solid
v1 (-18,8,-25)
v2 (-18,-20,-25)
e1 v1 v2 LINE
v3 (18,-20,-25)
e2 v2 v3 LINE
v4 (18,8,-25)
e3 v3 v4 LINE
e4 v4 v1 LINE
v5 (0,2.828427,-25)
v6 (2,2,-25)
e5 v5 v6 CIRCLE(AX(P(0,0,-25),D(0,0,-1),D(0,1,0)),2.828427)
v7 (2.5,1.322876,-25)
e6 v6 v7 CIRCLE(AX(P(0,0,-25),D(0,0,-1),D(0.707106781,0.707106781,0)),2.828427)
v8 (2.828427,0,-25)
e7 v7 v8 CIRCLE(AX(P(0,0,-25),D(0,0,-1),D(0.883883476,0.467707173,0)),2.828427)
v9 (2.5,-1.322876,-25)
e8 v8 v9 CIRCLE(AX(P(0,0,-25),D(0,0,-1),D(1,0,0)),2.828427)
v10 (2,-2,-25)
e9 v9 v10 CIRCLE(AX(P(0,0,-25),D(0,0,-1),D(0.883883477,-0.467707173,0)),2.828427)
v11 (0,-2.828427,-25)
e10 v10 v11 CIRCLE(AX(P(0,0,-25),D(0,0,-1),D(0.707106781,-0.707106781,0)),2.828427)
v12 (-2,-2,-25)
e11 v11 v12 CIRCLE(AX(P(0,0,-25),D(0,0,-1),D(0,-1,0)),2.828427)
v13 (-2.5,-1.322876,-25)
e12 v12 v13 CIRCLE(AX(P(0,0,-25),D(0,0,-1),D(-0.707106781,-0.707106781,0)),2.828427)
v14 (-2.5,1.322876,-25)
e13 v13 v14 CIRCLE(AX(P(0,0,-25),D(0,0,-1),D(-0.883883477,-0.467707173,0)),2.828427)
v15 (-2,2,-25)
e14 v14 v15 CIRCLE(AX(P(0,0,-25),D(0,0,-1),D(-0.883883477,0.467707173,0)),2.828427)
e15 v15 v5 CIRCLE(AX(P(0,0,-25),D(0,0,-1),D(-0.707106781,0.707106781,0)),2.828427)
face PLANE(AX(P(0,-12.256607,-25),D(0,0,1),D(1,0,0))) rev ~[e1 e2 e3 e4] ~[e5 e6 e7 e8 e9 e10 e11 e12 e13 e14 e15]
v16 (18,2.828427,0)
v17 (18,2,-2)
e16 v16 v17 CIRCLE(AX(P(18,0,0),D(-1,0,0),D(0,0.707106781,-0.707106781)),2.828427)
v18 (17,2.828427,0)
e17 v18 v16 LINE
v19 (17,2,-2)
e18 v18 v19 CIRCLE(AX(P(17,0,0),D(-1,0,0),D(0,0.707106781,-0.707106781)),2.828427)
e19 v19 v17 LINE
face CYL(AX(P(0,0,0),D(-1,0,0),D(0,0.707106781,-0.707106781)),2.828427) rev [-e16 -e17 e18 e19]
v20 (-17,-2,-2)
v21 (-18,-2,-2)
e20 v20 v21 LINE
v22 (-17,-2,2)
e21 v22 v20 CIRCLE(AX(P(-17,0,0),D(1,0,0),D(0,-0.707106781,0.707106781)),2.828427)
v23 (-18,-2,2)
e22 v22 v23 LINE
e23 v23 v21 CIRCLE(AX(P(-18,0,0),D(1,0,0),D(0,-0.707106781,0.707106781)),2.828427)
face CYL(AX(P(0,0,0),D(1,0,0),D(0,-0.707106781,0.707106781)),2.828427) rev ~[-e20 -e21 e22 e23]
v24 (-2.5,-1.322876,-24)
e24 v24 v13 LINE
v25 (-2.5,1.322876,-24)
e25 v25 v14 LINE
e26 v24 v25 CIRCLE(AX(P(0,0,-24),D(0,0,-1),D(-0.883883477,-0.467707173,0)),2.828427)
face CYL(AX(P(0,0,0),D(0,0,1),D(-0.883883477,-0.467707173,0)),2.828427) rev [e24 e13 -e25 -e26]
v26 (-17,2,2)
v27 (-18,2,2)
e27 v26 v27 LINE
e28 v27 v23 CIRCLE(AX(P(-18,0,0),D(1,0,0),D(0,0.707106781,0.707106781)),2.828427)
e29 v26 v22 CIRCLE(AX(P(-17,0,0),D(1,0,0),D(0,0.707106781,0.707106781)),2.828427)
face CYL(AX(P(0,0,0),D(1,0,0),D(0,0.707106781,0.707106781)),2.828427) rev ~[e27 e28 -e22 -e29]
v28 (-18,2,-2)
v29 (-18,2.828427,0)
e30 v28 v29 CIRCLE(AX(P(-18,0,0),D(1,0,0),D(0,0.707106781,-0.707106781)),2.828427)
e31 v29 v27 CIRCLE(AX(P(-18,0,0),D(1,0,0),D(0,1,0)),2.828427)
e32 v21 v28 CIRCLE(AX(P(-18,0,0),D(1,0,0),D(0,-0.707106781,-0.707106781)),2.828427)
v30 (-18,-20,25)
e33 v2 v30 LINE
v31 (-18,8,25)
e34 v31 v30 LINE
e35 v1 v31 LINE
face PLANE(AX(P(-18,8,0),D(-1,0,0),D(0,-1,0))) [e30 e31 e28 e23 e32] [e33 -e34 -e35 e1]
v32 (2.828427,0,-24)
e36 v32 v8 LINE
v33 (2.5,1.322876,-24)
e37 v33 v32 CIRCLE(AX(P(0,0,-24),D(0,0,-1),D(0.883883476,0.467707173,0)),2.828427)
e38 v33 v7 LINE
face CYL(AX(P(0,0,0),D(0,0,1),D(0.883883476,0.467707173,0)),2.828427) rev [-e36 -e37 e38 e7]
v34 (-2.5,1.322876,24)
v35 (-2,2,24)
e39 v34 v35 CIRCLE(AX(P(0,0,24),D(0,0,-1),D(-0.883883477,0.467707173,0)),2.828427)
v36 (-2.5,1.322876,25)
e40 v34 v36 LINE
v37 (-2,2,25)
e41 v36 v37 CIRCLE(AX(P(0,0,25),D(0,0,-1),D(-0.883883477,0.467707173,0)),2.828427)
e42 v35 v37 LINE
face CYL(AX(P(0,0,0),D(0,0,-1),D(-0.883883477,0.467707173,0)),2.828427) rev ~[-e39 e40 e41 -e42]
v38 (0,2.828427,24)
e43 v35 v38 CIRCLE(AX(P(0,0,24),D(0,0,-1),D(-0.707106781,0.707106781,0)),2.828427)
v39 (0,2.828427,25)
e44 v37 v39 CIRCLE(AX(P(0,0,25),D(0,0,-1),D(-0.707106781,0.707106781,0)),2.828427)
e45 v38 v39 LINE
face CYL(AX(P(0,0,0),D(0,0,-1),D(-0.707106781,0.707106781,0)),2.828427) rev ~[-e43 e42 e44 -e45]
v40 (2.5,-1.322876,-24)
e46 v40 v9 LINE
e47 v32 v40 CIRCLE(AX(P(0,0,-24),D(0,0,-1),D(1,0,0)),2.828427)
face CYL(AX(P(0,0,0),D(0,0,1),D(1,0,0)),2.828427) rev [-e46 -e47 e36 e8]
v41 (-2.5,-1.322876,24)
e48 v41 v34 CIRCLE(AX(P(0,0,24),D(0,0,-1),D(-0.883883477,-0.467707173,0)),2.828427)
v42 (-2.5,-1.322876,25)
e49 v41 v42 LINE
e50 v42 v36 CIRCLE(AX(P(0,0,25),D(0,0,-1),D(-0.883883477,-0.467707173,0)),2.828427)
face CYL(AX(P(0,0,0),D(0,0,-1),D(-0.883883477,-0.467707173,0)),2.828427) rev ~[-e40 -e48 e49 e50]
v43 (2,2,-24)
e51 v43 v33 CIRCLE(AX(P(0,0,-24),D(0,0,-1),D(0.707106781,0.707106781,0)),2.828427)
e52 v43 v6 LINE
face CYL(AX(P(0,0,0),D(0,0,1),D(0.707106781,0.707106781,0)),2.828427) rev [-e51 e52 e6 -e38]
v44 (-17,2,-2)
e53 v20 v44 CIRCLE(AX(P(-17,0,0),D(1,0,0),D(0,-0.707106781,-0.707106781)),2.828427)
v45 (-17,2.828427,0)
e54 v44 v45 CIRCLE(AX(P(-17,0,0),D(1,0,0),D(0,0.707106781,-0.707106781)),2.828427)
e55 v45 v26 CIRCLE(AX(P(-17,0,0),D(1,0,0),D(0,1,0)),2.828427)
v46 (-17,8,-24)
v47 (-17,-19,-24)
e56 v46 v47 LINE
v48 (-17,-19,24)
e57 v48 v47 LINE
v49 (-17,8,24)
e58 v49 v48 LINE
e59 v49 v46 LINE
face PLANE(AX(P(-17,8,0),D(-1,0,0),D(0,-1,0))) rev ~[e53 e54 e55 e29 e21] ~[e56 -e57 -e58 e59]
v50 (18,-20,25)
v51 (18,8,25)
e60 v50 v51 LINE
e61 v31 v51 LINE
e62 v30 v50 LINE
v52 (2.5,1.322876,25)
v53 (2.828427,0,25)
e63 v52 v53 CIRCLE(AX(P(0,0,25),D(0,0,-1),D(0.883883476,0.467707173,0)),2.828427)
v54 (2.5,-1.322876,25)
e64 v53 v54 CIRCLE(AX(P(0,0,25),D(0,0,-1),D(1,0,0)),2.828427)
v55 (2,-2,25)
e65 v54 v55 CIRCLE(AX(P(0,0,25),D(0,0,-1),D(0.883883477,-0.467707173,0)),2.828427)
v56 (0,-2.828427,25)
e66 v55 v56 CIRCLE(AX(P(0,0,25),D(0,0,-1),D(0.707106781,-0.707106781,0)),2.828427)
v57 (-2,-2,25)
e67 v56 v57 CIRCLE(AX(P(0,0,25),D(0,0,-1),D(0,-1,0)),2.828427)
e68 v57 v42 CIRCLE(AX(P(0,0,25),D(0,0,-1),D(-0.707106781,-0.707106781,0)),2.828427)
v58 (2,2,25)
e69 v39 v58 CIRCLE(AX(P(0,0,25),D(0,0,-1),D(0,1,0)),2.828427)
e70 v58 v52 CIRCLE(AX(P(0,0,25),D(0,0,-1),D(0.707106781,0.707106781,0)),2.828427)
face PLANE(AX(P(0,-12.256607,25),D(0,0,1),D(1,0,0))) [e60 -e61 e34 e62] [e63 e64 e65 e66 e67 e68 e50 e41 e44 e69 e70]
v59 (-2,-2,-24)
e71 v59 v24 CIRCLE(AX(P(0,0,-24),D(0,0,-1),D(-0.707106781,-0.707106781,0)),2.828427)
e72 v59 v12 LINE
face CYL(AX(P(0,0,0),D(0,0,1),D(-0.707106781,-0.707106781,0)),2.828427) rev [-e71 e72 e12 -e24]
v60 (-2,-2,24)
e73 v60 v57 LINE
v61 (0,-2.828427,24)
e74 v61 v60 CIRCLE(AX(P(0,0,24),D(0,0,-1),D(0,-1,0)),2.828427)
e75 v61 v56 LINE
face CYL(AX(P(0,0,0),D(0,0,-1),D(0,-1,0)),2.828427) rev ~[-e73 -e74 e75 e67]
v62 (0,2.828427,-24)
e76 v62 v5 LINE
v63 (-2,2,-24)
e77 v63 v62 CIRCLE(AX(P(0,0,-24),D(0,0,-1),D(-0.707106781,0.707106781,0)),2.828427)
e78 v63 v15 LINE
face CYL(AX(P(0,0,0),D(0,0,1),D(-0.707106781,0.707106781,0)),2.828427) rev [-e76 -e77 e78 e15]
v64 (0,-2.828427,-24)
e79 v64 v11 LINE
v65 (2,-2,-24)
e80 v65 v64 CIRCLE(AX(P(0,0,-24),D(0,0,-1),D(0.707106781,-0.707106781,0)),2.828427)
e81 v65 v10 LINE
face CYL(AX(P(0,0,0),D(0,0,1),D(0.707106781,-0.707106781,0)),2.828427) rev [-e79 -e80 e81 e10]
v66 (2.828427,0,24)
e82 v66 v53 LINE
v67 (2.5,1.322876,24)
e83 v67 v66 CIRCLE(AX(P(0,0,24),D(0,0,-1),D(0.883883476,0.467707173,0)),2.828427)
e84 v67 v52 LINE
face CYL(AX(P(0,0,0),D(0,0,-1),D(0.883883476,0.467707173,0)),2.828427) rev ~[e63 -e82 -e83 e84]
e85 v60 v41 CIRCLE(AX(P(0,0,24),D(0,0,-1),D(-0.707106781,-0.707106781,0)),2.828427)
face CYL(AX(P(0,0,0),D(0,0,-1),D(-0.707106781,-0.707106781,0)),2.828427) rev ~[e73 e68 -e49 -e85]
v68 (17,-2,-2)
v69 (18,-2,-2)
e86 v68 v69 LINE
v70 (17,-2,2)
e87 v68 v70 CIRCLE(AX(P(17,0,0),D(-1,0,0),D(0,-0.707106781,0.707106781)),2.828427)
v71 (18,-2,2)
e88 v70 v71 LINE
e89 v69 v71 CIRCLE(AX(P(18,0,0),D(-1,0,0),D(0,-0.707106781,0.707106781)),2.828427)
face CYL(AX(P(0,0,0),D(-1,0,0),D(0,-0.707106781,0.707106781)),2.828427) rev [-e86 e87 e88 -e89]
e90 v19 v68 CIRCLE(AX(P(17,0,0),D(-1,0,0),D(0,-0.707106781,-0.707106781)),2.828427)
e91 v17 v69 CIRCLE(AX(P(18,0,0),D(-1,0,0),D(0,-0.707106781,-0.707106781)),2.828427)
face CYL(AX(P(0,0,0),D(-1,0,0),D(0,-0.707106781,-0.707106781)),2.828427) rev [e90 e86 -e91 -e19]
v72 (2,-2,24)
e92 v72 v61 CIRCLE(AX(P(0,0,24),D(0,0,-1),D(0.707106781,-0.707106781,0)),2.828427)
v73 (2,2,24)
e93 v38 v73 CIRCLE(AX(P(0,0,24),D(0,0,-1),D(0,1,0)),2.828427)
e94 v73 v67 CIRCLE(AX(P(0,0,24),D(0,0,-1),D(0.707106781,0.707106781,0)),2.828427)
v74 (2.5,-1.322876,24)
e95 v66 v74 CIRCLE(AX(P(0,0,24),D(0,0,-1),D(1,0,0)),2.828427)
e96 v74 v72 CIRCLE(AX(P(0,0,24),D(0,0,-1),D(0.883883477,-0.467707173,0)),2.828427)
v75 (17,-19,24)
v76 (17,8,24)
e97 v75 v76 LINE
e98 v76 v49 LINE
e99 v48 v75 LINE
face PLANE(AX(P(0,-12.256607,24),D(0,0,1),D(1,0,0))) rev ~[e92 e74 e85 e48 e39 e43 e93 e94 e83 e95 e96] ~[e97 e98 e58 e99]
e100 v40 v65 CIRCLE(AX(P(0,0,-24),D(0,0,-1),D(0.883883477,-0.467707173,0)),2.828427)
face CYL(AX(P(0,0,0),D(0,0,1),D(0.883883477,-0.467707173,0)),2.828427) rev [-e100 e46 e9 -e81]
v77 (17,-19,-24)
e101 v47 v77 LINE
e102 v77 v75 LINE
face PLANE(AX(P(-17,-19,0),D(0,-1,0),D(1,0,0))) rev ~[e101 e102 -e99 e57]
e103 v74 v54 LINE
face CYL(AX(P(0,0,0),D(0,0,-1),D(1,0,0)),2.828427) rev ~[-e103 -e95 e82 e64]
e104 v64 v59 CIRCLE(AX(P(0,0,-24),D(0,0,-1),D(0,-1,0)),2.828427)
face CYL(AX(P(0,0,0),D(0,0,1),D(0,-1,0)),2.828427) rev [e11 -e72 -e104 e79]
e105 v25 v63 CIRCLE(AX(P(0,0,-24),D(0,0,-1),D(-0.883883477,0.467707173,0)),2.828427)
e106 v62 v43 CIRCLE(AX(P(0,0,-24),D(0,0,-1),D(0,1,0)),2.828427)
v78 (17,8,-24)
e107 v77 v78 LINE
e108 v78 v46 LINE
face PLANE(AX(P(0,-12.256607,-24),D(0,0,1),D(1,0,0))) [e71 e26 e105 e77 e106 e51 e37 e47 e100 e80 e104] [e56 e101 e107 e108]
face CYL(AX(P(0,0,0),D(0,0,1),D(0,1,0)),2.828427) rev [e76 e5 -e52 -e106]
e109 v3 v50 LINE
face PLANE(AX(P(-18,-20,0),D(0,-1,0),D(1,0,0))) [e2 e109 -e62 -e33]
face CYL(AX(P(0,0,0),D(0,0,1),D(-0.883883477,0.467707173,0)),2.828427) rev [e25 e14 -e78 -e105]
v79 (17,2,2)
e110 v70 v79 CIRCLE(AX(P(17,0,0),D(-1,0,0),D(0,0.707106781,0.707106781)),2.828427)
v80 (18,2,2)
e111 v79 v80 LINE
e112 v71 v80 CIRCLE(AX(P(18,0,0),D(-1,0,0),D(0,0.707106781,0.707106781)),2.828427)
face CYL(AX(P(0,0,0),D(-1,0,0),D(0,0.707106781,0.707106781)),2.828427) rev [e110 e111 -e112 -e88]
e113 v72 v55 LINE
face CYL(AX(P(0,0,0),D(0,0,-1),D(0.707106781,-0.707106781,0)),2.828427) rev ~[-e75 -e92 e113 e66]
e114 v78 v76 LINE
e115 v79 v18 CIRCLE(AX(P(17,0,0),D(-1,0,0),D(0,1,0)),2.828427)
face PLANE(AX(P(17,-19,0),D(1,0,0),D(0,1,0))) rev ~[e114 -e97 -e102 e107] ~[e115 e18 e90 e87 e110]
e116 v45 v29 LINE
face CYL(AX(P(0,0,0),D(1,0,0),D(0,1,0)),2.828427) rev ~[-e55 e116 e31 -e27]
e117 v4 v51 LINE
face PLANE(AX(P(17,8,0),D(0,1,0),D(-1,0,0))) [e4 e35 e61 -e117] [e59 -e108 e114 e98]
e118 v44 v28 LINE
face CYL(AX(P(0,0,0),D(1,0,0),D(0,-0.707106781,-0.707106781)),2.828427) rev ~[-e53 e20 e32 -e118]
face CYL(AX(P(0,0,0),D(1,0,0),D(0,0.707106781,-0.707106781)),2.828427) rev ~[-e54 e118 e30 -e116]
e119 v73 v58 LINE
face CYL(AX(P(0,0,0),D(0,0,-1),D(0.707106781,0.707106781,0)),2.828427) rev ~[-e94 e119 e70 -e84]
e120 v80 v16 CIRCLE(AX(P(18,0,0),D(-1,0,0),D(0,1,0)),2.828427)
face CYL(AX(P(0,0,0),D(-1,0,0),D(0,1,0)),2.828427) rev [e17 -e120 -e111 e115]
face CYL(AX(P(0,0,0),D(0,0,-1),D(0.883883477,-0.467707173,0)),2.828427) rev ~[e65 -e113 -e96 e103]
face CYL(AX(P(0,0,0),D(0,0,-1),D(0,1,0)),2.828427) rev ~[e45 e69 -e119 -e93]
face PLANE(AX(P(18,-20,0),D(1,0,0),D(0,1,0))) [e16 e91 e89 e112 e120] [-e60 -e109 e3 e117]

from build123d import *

# Parameters (mm, degrees)
F2_DEPTH      = 25
F2_DEPTH_BACK = 25
F3_DEPTH      = 25
F3_DEPTH_BACK = 25
F4_DEPTH      = 24
F4_DEPTH_BACK = 24
F1_W          = 4
F1_H          = 4
F5_DEPTH      = 25
F5_DEPTH_BACK = 25


with BuildPart() as f2:
    # F0 (on Top) → F2 (new body, two sides)
    with BuildSketch(Plane.XY) as f2_sk:
        Polygon((-17, 0), (-17, 8), (-18, 8), (-18, -20), (18, -20), (18, 8), (17, 8), (17, 0), (17, -19), (-17, -19), align=None)
    extrude(amount=F2_DEPTH)
    extrude(f2_sk.sketch, amount=-F2_DEPTH_BACK)

    # F0 (on Top) → F3 (join, two sides)
    with BuildSketch(Plane.XY) as f3_sk:
        with BuildLine():
            ThreePointArc((17, 0), (0, -17), (-17, 0))
            Line((-17, 0), (-17, -19))
            Line((-17, -19), (17, -19))
            Line((17, -19), (17, 0))
        make_face()
        with BuildLine():
            ThreePointArc((15, 0), (10.6066017178, -10.6066017178), (0, -15))
            ThreePointArc((0, -15), (-13.1339255366, -7.2456883731), (-12.6885775404, 8))
            Line((-12.6885775404, 8), (-15, 8))
            ThreePointArc((-15, 8), (-16.4924225025, 4.1231056256), (-17, 0))
            ThreePointArc((-17, 0), (0, -17), (17, 0))
            ThreePointArc((17, 0), (16.4924225025, 4.1231056256), (15, 8))
            Line((15, 8), (12.6885775404, 8))
            ThreePointArc((12.6885775404, 8), (14.4105631935, 4.1636124275), (15, 0))
        make_face()
        with BuildLine():
            ThreePointArc((-12.6885775404, 8), (-13.1339255366, -7.2456883731), (0, -15))
            Line((0, -15), (0, -7.5))
            Line((0, -7.5), (-2.5, -7.5))
            Line((-2.5, -7.5), (-2.5, -1.3228756555))
            ThreePointArc((-2.5, -1.3228756555), (-2.8284271247, 0), (-2.5, 1.3228756555))
            Line((-2.5, 1.3228756555), (-2.5, 7.5))
            Line((-2.5, 7.5), (0, 7.5))
            Line((0, 7.5), (0, 8))
            Line((0, 8), (-12.6885775404, 8))
        make_face()
        with BuildLine():
            Line((0, -7.5), (0, -15))
            ThreePointArc((0, -15), (10.6066017178, -10.6066017178), (15, 0))
            ThreePointArc((15, 0), (14.4105631935, 4.1636124275), (12.6885775404, 8))
            Line((12.6885775404, 8), (0, 8))
            Line((0, 8), (0, 7.5))
            Line((0, 7.5), (2.5, 7.5))
            Line((2.5, 7.5), (2.5, 1.3228756555))
            ThreePointArc((2.5, 1.3228756555), (2.7450926953, 0.6815174936), (2.8284271247, 0))
            ThreePointArc((2.8284271247, 0), (2.7450926953, -0.6815174936), (2.5, -1.3228756555))
            Line((2.5, -1.3228756555), (2.5, -7.5))
            Line((2.5, -7.5), (0, -7.5))
        make_face()
        with BuildLine():
            ThreePointArc((-17, 0), (-16.4924225025, 4.1231056256), (-15, 8))
            Line((-15, 8), (-17, 8))
            Line((-17, 8), (-17, 0))
        make_face()
        with BuildLine():
            Line((17, 8), (15, 8))
            ThreePointArc((15, 8), (16.4924225025, 4.1231056256), (17, 0))
            Line((17, 0), (17, 8))
        make_face()
        with BuildLine():
            Line((0, 2.8284271247), (0, 7.5))
            Line((0, 7.5), (-2.5, 7.5))
            Line((-2.5, 7.5), (-2.5, 1.3228756555))
            ThreePointArc((-2.5, 1.3228756555), (-2.2753295024, 1.6801415582), (-2, 2))
            ThreePointArc((-2, 2), (-1.0823922003, 2.6131259298), (0, 2.8284271247))
        make_face()
        with BuildLine():
            Line((2.5, 7.5), (0, 7.5))
            Line((0, 7.5), (0, 2.8284271247))
            ThreePointArc((0, 2.8284271247), (1.0823922003, 2.6131259298), (2, 2))
            ThreePointArc((2, 2), (2.2753295024, 1.6801415582), (2.5, 1.3228756555))
            Line((2.5, 1.3228756555), (2.5, 7.5))
        make_face()
        with BuildLine():
            Line((0, -2.8284271247), (0, -7.5))
            Line((0, -7.5), (2.5, -7.5))
            Line((2.5, -7.5), (2.5, -1.3228756555))
            ThreePointArc((2.5, -1.3228756555), (2.2753295024, -1.6801415582), (2, -2))
            ThreePointArc((2, -2), (1.0823922003, -2.6131259298), (0, -2.8284271247))
        make_face()
        with BuildLine():
            Line((-2.5, -7.5), (0, -7.5))
            Line((0, -7.5), (0, -2.8284271247))
            ThreePointArc((0, -2.8284271247), (-1.0823922003, -2.6131259298), (-2, -2))
            ThreePointArc((-2, -2), (-2.2753295024, -1.6801415582), (-2.5, -1.3228756555))
            Line((-2.5, -1.3228756555), (-2.5, -7.5))
        make_face()
    extrude(amount=F3_DEPTH)
    extrude(f3_sk.sketch, amount=-F3_DEPTH_BACK)

    # F0 (on Top) → F4 (cut, two sides)
    with BuildSketch(Plane.XY) as f4_sk:
        with BuildLine():
            ThreePointArc((17, 0), (0, -17), (-17, 0))
            Line((-17, 0), (-17, -19))
            Line((-17, -19), (17, -19))
            Line((17, -19), (17, 0))
        make_face()
        with BuildLine():
            Line((0, -7.5), (0, -15))
            ThreePointArc((0, -15), (10.6066017178, -10.6066017178), (15, 0))
            ThreePointArc((15, 0), (14.4105631935, 4.1636124275), (12.6885775404, 8))
            Line((12.6885775404, 8), (0, 8))
            Line((0, 8), (0, 7.5))
            Line((0, 7.5), (2.5, 7.5))
            Line((2.5, 7.5), (2.5, 1.3228756555))
            ThreePointArc((2.5, 1.3228756555), (2.7450926953, 0.6815174936), (2.8284271247, 0))
            ThreePointArc((2.8284271247, 0), (2.7450926953, -0.6815174936), (2.5, -1.3228756555))
            Line((2.5, -1.3228756555), (2.5, -7.5))
            Line((2.5, -7.5), (0, -7.5))
        make_face()
        with BuildLine():
            ThreePointArc((15, 0), (10.6066017178, -10.6066017178), (0, -15))
            ThreePointArc((0, -15), (-13.1339255366, -7.2456883731), (-12.6885775404, 8))
            Line((-12.6885775404, 8), (-15, 8))
            ThreePointArc((-15, 8), (-16.4924225025, 4.1231056256), (-17, 0))
            ThreePointArc((-17, 0), (0, -17), (17, 0))
            ThreePointArc((17, 0), (16.4924225025, 4.1231056256), (15, 8))
            Line((15, 8), (12.6885775404, 8))
            ThreePointArc((12.6885775404, 8), (14.4105631935, 4.1636124275), (15, 0))
        make_face()
        with BuildLine():
            ThreePointArc((-12.6885775404, 8), (-13.1339255366, -7.2456883731), (0, -15))
            Line((0, -15), (0, -7.5))
            Line((0, -7.5), (-2.5, -7.5))
            Line((-2.5, -7.5), (-2.5, -1.3228756555))
            ThreePointArc((-2.5, -1.3228756555), (-2.8284271247, 0), (-2.5, 1.3228756555))
            Line((-2.5, 1.3228756555), (-2.5, 7.5))
            Line((-2.5, 7.5), (0, 7.5))
            Line((0, 7.5), (0, 8))
            Line((0, 8), (-12.6885775404, 8))
        make_face()
        with BuildLine():
            ThreePointArc((-17, 0), (-16.4924225025, 4.1231056256), (-15, 8))
            Line((-15, 8), (-17, 8))
            Line((-17, 8), (-17, 0))
        make_face()
        with BuildLine():
            Line((17, 8), (15, 8))
            ThreePointArc((15, 8), (16.4924225025, 4.1231056256), (17, 0))
            Line((17, 0), (17, 8))
        make_face()
        with BuildLine():
            Line((-2.5, -7.5), (0, -7.5))
            Line((0, -7.5), (0, -2.8284271247))
            ThreePointArc((0, -2.8284271247), (-1.0823922003, -2.6131259298), (-2, -2))
            ThreePointArc((-2, -2), (-2.2753295024, -1.6801415582), (-2.5, -1.3228756555))
            Line((-2.5, -1.3228756555), (-2.5, -7.5))
        make_face()
        with BuildLine():
            Line((0, -2.8284271247), (0, -7.5))
            Line((0, -7.5), (2.5, -7.5))
            Line((2.5, -7.5), (2.5, -1.3228756555))
            ThreePointArc((2.5, -1.3228756555), (2.2753295024, -1.6801415582), (2, -2))
            ThreePointArc((2, -2), (1.0823922003, -2.6131259298), (0, -2.8284271247))
        make_face()
        with BuildLine():
            Line((0, 2.8284271247), (0, 7.5))
            Line((0, 7.5), (-2.5, 7.5))
            Line((-2.5, 7.5), (-2.5, 1.3228756555))
            ThreePointArc((-2.5, 1.3228756555), (-2.2753295024, 1.6801415582), (-2, 2))
            ThreePointArc((-2, 2), (-1.0823922003, 2.6131259298), (0, 2.8284271247))
        make_face()
        with BuildLine():
            Line((2.5, 7.5), (0, 7.5))
            Line((0, 7.5), (0, 2.8284271247))
            ThreePointArc((0, 2.8284271247), (1.0823922003, 2.6131259298), (2, 2))
            ThreePointArc((2, 2), (2.2753295024, 1.6801415582), (2.5, 1.3228756555))
            Line((2.5, 1.3228756555), (2.5, 7.5))
        make_face()
    extrude(amount=F4_DEPTH, mode=Mode.SUBTRACT)
    extrude(f4_sk.sketch, amount=-F4_DEPTH_BACK, mode=Mode.SUBTRACT)

    # F1 (on Right) → F5 (cut, two sides)
    with BuildSketch(Plane.YZ) as f5_sk:
        with BuildLine():
            ThreePointArc((-2, -2), (0, -2.8284271247), (2, -2))
            Line((2, -2), (-2, -2))
        make_face()
        Rectangle(F1_W, F1_H)
        with BuildLine():
            Line((-2, 2), (2, 2))
            ThreePointArc((2, 2), (0, 2.8284271247), (-2, 2))
        make_face()
        with BuildLine():
            ThreePointArc((2.8284271247, 0), (2.6131259298, 1.0823922003), (2, 2))
            Line((2, 2), (2, -2))
            ThreePointArc((2, -2), (2.6131259298, -1.0823922003), (2.8284271247, 0))
        make_face()
        with BuildLine():
            Line((-2, -2), (-2, 2))
            ThreePointArc((-2, 2), (-2.8284271247, 0), (-2, -2))
        make_face()
    extrude(amount=-F5_DEPTH, mode=Mode.SUBTRACT)
    extrude(f5_sk.sketch, amount=F5_DEPTH_BACK, mode=Mode.SUBTRACT)


solid = f2.part
